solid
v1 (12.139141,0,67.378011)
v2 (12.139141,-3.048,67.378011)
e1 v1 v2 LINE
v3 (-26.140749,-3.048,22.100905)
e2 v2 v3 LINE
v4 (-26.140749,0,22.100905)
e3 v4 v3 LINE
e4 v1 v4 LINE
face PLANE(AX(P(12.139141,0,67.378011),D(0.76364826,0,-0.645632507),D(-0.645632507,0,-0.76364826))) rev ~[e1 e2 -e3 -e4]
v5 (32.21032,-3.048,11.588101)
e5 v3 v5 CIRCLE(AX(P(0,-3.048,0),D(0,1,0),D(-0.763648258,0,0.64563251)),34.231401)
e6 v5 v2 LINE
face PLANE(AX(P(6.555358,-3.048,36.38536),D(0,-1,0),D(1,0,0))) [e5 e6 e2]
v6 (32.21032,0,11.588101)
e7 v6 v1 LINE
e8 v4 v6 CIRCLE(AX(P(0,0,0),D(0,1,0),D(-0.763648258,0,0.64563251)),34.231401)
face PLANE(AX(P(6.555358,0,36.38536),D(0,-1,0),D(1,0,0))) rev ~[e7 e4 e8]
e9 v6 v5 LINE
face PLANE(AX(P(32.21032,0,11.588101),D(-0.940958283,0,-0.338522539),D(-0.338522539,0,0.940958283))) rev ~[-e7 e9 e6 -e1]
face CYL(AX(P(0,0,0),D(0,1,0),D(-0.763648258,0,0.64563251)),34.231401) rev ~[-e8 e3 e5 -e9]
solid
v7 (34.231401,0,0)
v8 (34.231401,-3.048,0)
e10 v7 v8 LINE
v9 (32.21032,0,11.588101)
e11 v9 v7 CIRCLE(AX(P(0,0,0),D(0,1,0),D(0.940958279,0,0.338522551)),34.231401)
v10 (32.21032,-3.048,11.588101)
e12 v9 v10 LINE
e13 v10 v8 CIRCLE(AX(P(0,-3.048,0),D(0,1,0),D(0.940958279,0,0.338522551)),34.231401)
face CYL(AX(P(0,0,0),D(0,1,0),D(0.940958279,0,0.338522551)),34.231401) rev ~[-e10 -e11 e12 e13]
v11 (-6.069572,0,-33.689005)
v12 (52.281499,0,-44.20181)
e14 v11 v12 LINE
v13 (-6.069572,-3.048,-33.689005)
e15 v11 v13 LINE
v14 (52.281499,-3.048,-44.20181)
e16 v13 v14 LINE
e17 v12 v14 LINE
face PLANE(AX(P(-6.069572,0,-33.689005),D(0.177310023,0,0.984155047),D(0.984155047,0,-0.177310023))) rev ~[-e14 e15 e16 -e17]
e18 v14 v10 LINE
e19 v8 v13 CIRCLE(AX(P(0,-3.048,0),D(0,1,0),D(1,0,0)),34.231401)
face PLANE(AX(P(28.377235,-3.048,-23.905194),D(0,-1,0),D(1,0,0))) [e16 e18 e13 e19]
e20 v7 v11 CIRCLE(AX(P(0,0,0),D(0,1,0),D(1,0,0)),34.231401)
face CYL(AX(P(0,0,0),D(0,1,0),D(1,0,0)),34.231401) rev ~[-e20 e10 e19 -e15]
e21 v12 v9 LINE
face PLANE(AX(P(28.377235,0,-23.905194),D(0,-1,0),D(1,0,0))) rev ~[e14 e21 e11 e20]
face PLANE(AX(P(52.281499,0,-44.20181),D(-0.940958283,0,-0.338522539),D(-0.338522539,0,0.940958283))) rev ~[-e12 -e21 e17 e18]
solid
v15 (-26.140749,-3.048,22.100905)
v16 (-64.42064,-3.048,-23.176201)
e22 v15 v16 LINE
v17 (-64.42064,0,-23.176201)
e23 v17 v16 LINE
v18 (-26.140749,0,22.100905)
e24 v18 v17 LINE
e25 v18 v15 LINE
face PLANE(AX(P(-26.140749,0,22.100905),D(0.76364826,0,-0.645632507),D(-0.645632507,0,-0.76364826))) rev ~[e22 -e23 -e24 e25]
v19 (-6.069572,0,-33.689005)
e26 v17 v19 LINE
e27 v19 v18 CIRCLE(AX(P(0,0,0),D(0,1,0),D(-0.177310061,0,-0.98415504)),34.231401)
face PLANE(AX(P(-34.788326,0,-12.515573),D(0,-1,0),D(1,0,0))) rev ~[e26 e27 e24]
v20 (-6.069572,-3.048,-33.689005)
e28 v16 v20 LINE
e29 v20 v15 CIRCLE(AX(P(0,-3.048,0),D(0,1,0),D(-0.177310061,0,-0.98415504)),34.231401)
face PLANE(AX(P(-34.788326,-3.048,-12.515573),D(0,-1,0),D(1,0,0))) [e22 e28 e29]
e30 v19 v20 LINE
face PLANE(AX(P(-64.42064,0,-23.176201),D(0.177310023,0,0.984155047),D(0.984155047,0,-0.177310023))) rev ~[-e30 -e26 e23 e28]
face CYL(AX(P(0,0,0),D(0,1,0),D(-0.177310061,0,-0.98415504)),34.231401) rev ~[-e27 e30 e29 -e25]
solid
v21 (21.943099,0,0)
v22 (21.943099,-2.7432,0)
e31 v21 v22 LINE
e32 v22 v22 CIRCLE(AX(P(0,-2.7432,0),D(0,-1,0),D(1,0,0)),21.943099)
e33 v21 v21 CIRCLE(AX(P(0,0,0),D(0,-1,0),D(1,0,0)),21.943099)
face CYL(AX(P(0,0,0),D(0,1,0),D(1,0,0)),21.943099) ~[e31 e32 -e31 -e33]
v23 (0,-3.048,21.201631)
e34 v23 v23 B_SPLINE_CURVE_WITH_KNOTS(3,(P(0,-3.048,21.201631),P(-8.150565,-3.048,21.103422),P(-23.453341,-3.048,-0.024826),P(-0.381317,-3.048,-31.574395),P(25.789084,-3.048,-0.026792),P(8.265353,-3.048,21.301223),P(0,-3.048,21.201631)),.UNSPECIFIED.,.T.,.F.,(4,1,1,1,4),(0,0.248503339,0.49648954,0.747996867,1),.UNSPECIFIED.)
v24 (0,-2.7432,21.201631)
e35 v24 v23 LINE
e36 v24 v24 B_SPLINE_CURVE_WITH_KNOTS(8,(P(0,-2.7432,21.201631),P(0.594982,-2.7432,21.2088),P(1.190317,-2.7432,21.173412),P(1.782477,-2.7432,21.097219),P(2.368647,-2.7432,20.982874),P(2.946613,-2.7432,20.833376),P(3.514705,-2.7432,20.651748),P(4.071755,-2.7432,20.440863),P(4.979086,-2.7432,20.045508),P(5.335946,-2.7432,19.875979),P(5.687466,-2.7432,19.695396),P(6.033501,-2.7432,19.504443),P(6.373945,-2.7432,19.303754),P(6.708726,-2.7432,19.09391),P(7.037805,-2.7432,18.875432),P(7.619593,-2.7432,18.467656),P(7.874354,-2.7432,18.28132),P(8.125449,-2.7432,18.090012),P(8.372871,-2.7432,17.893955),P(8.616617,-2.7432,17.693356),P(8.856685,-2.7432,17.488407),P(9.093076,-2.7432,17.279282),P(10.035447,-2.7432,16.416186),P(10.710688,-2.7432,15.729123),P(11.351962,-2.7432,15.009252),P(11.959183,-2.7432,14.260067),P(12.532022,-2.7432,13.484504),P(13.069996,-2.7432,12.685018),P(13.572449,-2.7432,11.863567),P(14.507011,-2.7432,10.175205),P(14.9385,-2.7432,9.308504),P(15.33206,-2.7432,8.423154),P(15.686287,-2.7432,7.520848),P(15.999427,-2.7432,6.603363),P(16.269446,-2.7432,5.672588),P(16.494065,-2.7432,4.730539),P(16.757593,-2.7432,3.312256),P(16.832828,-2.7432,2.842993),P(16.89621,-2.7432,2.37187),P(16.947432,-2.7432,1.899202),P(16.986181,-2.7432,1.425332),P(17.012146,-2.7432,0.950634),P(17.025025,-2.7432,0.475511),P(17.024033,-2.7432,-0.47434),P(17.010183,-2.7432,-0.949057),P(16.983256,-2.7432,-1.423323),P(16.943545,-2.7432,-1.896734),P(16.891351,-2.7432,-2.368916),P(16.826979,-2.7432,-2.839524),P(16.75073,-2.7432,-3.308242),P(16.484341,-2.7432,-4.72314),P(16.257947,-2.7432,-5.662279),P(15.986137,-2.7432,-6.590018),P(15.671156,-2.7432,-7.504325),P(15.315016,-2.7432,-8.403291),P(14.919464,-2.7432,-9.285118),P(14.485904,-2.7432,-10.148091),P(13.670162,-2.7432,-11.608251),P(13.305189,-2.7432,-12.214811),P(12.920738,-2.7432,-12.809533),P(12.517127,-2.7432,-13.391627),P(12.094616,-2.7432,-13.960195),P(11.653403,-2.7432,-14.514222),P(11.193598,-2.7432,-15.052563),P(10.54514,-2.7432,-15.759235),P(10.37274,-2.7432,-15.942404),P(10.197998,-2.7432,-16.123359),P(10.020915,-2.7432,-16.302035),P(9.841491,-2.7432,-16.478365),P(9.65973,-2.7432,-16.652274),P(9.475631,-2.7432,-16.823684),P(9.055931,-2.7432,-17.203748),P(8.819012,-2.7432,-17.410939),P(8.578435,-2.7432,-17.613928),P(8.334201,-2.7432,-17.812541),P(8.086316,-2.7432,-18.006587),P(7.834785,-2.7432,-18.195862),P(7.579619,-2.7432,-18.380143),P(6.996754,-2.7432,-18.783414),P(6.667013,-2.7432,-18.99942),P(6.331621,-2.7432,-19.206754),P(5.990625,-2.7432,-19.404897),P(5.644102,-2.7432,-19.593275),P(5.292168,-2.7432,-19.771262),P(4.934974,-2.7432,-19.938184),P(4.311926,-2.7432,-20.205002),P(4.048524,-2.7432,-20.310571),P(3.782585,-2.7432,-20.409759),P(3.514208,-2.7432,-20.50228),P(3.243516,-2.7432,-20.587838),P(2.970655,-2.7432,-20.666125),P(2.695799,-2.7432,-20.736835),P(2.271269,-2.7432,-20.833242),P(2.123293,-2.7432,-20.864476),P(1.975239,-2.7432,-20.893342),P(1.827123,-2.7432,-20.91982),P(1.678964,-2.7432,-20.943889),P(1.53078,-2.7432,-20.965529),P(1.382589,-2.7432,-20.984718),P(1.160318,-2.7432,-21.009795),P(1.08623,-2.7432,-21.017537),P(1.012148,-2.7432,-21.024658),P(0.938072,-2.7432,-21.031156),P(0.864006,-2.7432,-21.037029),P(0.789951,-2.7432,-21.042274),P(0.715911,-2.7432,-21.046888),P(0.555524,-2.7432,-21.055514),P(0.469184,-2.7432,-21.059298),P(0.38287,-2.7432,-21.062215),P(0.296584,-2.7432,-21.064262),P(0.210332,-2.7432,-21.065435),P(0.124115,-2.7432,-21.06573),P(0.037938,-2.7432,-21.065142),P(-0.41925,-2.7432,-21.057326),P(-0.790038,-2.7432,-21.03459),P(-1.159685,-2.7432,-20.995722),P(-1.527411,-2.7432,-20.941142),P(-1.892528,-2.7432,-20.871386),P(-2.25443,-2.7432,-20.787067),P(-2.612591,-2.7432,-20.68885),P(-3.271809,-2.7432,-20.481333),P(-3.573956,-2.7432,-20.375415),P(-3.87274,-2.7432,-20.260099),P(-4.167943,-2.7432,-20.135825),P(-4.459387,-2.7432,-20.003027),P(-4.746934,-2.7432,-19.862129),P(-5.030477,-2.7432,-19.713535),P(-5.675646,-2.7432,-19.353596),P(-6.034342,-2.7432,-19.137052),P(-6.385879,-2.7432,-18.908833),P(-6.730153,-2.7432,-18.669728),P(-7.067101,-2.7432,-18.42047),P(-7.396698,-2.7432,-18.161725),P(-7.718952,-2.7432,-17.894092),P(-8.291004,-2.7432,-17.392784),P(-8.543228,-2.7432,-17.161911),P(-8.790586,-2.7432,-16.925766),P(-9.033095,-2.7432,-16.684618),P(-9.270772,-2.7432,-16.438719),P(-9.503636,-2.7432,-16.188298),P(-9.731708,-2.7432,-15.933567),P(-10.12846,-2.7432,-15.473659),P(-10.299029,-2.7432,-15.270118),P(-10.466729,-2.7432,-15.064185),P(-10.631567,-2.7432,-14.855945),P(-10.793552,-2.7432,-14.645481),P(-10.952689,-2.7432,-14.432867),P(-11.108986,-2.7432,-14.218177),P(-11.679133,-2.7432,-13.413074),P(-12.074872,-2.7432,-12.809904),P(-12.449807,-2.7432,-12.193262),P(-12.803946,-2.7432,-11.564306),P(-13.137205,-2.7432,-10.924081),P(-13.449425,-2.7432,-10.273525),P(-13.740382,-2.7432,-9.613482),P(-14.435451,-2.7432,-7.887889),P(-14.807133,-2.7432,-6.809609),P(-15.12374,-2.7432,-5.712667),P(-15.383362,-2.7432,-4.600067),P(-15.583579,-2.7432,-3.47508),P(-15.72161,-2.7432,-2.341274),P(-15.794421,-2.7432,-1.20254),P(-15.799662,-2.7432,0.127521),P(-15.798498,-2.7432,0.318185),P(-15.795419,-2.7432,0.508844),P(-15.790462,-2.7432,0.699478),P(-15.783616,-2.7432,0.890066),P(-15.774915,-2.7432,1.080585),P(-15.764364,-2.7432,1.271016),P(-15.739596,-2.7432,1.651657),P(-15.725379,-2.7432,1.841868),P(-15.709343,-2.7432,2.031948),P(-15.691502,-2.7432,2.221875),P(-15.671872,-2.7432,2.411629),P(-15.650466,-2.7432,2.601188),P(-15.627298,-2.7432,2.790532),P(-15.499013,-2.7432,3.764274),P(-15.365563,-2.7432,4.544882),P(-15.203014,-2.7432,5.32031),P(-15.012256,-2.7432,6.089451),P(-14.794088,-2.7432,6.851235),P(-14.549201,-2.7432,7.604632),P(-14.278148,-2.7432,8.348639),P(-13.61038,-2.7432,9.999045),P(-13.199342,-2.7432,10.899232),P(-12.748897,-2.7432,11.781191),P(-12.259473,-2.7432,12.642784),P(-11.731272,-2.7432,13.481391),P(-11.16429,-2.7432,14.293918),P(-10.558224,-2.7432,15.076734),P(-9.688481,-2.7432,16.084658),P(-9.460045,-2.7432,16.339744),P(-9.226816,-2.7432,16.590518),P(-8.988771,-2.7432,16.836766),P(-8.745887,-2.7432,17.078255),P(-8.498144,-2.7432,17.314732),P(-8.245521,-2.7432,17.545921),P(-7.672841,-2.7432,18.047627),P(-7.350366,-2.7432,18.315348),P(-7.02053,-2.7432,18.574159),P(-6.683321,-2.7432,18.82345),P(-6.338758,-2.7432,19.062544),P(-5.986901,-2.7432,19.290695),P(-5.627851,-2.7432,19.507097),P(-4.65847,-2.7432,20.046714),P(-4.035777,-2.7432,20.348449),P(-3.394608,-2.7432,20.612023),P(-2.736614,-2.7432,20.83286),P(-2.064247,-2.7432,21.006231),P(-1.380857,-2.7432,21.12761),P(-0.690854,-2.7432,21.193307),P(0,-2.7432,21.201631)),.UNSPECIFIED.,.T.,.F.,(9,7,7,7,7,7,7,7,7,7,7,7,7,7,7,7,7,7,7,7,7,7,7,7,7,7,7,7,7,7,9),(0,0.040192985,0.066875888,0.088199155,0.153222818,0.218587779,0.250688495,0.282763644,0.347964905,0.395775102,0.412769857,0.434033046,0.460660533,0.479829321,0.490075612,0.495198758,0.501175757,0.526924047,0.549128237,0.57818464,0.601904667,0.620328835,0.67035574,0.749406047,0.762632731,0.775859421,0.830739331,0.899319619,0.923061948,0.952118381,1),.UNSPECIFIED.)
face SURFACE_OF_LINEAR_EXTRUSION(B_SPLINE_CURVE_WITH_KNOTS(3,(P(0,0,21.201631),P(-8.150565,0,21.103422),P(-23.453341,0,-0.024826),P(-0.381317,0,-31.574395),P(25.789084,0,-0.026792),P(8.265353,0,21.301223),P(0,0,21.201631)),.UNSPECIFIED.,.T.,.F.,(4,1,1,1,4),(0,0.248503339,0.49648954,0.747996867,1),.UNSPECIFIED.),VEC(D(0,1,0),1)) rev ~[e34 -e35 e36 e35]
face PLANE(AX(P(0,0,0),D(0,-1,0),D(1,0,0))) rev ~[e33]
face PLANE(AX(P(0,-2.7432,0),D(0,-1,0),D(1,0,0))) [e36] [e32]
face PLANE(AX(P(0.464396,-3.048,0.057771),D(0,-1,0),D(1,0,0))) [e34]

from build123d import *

# Parameters (mm, degrees)
F1_DEPTH = 3.048
F3_DEPTH = 3.048
F4_R     = 21.9430987276
F5_DEPTH = 2.7432


with BuildPart() as f1:
    # F0 (on Front) → F1 (new body)
    with BuildSketch(Plane.XZ):
        with BuildLine():
            Line((-26.1407493737, 22.100905052), (-64.4206397323, -23.1762012467))
            Line((-64.4206397323, -23.1762012467), (-6.0695717062, -33.6890053466))
            ThreePointArc((-6.0695717062, -33.6890053466), (-32.21032011, -11.5880999456), (-26.1407493737, 22.100905052))
        make_face()
    extrude(amount=F1_DEPTH)


with BuildPart() as f1b:
    # F0 (on Front) → F1, piece 2 (new body)
    with BuildSketch(Plane.XZ):
        with BuildLine():
            Line((12.1391408233, 67.3780111596), (-26.1407493737, 22.100905052))
            ThreePointArc((-26.1407493737, 22.100905052), (6.0695702668, 33.6890056059), (32.2103197241, 11.5881010182))
            Line((32.2103197241, 11.5881010182), (12.1391408233, 67.3780111596))
        make_face()
    extrude(amount=F1_DEPTH)


with BuildPart() as f1c:
    # F0 (on Front) → F1, piece 3 (new body)
    with BuildSketch(Plane.XZ):
        with BuildLine():
            ThreePointArc((34.2314005255, 0), (21.9547129547, -26.263650946), (-6.0695717062, -33.6890053466))
            Line((-6.0695717062, -33.6890053466), (52.281498909, -44.2018099129))
            Line((52.281498909, -44.2018099129), (32.2103197241, 11.5881010182))
            ThreePointArc((32.2103197241, 11.5881010182), (33.7223452437, 5.8815145331), (34.2314005255, 0))
        make_face()
    extrude(amount=F1_DEPTH)


with BuildPart() as f3:
    # F2 (on Front) → F3 (new body)
    with BuildSketch(Plane.XZ):
        with BuildLine():
            add(Edge.make_bspline(
                [(0, 21.2016310543), (-8.1505647477, 21.1034222535), (-23.4533414123, -0.024826285), (-0.3813172863, -31.5743947125), (25.7890839147, -0.0267917458), (8.2653531276, 21.3012229775), (0, 21.2016310543)],
                knots=[0, 0, 0, 0, 0.248503339, 0.49648954, 0.7479968672, 1, 1, 1, 1], degree=3))
        make_face()
    extrude(amount=F3_DEPTH)

    # F4 (on Front) → F5 (join)
    with BuildSketch(Plane.XZ):
        Circle(F4_R)
        with BuildLine():
            add(Edge.make_bspline(
                [(0, 11.7592252791), (4.1431981523, 11.6633875484), (11.3152742485, -0.1693753826), (0.381447044, -15.9165833063), (-13.657713804, -0.1974069716), (-4.2461372519, 11.8574441292), (0, 11.7592252791)],
                knots=[0, 0, 0, 0, 0.2506101519, 0.4934826116, 0.7431633578, 1, 1, 1, 1], degree=3))
        make_face(mode=Mode.SUBTRACT)
    extrude(amount=F5_DEPTH)


solid = Compound([f1.part, f1b.part, f1c.part, f3.part])
